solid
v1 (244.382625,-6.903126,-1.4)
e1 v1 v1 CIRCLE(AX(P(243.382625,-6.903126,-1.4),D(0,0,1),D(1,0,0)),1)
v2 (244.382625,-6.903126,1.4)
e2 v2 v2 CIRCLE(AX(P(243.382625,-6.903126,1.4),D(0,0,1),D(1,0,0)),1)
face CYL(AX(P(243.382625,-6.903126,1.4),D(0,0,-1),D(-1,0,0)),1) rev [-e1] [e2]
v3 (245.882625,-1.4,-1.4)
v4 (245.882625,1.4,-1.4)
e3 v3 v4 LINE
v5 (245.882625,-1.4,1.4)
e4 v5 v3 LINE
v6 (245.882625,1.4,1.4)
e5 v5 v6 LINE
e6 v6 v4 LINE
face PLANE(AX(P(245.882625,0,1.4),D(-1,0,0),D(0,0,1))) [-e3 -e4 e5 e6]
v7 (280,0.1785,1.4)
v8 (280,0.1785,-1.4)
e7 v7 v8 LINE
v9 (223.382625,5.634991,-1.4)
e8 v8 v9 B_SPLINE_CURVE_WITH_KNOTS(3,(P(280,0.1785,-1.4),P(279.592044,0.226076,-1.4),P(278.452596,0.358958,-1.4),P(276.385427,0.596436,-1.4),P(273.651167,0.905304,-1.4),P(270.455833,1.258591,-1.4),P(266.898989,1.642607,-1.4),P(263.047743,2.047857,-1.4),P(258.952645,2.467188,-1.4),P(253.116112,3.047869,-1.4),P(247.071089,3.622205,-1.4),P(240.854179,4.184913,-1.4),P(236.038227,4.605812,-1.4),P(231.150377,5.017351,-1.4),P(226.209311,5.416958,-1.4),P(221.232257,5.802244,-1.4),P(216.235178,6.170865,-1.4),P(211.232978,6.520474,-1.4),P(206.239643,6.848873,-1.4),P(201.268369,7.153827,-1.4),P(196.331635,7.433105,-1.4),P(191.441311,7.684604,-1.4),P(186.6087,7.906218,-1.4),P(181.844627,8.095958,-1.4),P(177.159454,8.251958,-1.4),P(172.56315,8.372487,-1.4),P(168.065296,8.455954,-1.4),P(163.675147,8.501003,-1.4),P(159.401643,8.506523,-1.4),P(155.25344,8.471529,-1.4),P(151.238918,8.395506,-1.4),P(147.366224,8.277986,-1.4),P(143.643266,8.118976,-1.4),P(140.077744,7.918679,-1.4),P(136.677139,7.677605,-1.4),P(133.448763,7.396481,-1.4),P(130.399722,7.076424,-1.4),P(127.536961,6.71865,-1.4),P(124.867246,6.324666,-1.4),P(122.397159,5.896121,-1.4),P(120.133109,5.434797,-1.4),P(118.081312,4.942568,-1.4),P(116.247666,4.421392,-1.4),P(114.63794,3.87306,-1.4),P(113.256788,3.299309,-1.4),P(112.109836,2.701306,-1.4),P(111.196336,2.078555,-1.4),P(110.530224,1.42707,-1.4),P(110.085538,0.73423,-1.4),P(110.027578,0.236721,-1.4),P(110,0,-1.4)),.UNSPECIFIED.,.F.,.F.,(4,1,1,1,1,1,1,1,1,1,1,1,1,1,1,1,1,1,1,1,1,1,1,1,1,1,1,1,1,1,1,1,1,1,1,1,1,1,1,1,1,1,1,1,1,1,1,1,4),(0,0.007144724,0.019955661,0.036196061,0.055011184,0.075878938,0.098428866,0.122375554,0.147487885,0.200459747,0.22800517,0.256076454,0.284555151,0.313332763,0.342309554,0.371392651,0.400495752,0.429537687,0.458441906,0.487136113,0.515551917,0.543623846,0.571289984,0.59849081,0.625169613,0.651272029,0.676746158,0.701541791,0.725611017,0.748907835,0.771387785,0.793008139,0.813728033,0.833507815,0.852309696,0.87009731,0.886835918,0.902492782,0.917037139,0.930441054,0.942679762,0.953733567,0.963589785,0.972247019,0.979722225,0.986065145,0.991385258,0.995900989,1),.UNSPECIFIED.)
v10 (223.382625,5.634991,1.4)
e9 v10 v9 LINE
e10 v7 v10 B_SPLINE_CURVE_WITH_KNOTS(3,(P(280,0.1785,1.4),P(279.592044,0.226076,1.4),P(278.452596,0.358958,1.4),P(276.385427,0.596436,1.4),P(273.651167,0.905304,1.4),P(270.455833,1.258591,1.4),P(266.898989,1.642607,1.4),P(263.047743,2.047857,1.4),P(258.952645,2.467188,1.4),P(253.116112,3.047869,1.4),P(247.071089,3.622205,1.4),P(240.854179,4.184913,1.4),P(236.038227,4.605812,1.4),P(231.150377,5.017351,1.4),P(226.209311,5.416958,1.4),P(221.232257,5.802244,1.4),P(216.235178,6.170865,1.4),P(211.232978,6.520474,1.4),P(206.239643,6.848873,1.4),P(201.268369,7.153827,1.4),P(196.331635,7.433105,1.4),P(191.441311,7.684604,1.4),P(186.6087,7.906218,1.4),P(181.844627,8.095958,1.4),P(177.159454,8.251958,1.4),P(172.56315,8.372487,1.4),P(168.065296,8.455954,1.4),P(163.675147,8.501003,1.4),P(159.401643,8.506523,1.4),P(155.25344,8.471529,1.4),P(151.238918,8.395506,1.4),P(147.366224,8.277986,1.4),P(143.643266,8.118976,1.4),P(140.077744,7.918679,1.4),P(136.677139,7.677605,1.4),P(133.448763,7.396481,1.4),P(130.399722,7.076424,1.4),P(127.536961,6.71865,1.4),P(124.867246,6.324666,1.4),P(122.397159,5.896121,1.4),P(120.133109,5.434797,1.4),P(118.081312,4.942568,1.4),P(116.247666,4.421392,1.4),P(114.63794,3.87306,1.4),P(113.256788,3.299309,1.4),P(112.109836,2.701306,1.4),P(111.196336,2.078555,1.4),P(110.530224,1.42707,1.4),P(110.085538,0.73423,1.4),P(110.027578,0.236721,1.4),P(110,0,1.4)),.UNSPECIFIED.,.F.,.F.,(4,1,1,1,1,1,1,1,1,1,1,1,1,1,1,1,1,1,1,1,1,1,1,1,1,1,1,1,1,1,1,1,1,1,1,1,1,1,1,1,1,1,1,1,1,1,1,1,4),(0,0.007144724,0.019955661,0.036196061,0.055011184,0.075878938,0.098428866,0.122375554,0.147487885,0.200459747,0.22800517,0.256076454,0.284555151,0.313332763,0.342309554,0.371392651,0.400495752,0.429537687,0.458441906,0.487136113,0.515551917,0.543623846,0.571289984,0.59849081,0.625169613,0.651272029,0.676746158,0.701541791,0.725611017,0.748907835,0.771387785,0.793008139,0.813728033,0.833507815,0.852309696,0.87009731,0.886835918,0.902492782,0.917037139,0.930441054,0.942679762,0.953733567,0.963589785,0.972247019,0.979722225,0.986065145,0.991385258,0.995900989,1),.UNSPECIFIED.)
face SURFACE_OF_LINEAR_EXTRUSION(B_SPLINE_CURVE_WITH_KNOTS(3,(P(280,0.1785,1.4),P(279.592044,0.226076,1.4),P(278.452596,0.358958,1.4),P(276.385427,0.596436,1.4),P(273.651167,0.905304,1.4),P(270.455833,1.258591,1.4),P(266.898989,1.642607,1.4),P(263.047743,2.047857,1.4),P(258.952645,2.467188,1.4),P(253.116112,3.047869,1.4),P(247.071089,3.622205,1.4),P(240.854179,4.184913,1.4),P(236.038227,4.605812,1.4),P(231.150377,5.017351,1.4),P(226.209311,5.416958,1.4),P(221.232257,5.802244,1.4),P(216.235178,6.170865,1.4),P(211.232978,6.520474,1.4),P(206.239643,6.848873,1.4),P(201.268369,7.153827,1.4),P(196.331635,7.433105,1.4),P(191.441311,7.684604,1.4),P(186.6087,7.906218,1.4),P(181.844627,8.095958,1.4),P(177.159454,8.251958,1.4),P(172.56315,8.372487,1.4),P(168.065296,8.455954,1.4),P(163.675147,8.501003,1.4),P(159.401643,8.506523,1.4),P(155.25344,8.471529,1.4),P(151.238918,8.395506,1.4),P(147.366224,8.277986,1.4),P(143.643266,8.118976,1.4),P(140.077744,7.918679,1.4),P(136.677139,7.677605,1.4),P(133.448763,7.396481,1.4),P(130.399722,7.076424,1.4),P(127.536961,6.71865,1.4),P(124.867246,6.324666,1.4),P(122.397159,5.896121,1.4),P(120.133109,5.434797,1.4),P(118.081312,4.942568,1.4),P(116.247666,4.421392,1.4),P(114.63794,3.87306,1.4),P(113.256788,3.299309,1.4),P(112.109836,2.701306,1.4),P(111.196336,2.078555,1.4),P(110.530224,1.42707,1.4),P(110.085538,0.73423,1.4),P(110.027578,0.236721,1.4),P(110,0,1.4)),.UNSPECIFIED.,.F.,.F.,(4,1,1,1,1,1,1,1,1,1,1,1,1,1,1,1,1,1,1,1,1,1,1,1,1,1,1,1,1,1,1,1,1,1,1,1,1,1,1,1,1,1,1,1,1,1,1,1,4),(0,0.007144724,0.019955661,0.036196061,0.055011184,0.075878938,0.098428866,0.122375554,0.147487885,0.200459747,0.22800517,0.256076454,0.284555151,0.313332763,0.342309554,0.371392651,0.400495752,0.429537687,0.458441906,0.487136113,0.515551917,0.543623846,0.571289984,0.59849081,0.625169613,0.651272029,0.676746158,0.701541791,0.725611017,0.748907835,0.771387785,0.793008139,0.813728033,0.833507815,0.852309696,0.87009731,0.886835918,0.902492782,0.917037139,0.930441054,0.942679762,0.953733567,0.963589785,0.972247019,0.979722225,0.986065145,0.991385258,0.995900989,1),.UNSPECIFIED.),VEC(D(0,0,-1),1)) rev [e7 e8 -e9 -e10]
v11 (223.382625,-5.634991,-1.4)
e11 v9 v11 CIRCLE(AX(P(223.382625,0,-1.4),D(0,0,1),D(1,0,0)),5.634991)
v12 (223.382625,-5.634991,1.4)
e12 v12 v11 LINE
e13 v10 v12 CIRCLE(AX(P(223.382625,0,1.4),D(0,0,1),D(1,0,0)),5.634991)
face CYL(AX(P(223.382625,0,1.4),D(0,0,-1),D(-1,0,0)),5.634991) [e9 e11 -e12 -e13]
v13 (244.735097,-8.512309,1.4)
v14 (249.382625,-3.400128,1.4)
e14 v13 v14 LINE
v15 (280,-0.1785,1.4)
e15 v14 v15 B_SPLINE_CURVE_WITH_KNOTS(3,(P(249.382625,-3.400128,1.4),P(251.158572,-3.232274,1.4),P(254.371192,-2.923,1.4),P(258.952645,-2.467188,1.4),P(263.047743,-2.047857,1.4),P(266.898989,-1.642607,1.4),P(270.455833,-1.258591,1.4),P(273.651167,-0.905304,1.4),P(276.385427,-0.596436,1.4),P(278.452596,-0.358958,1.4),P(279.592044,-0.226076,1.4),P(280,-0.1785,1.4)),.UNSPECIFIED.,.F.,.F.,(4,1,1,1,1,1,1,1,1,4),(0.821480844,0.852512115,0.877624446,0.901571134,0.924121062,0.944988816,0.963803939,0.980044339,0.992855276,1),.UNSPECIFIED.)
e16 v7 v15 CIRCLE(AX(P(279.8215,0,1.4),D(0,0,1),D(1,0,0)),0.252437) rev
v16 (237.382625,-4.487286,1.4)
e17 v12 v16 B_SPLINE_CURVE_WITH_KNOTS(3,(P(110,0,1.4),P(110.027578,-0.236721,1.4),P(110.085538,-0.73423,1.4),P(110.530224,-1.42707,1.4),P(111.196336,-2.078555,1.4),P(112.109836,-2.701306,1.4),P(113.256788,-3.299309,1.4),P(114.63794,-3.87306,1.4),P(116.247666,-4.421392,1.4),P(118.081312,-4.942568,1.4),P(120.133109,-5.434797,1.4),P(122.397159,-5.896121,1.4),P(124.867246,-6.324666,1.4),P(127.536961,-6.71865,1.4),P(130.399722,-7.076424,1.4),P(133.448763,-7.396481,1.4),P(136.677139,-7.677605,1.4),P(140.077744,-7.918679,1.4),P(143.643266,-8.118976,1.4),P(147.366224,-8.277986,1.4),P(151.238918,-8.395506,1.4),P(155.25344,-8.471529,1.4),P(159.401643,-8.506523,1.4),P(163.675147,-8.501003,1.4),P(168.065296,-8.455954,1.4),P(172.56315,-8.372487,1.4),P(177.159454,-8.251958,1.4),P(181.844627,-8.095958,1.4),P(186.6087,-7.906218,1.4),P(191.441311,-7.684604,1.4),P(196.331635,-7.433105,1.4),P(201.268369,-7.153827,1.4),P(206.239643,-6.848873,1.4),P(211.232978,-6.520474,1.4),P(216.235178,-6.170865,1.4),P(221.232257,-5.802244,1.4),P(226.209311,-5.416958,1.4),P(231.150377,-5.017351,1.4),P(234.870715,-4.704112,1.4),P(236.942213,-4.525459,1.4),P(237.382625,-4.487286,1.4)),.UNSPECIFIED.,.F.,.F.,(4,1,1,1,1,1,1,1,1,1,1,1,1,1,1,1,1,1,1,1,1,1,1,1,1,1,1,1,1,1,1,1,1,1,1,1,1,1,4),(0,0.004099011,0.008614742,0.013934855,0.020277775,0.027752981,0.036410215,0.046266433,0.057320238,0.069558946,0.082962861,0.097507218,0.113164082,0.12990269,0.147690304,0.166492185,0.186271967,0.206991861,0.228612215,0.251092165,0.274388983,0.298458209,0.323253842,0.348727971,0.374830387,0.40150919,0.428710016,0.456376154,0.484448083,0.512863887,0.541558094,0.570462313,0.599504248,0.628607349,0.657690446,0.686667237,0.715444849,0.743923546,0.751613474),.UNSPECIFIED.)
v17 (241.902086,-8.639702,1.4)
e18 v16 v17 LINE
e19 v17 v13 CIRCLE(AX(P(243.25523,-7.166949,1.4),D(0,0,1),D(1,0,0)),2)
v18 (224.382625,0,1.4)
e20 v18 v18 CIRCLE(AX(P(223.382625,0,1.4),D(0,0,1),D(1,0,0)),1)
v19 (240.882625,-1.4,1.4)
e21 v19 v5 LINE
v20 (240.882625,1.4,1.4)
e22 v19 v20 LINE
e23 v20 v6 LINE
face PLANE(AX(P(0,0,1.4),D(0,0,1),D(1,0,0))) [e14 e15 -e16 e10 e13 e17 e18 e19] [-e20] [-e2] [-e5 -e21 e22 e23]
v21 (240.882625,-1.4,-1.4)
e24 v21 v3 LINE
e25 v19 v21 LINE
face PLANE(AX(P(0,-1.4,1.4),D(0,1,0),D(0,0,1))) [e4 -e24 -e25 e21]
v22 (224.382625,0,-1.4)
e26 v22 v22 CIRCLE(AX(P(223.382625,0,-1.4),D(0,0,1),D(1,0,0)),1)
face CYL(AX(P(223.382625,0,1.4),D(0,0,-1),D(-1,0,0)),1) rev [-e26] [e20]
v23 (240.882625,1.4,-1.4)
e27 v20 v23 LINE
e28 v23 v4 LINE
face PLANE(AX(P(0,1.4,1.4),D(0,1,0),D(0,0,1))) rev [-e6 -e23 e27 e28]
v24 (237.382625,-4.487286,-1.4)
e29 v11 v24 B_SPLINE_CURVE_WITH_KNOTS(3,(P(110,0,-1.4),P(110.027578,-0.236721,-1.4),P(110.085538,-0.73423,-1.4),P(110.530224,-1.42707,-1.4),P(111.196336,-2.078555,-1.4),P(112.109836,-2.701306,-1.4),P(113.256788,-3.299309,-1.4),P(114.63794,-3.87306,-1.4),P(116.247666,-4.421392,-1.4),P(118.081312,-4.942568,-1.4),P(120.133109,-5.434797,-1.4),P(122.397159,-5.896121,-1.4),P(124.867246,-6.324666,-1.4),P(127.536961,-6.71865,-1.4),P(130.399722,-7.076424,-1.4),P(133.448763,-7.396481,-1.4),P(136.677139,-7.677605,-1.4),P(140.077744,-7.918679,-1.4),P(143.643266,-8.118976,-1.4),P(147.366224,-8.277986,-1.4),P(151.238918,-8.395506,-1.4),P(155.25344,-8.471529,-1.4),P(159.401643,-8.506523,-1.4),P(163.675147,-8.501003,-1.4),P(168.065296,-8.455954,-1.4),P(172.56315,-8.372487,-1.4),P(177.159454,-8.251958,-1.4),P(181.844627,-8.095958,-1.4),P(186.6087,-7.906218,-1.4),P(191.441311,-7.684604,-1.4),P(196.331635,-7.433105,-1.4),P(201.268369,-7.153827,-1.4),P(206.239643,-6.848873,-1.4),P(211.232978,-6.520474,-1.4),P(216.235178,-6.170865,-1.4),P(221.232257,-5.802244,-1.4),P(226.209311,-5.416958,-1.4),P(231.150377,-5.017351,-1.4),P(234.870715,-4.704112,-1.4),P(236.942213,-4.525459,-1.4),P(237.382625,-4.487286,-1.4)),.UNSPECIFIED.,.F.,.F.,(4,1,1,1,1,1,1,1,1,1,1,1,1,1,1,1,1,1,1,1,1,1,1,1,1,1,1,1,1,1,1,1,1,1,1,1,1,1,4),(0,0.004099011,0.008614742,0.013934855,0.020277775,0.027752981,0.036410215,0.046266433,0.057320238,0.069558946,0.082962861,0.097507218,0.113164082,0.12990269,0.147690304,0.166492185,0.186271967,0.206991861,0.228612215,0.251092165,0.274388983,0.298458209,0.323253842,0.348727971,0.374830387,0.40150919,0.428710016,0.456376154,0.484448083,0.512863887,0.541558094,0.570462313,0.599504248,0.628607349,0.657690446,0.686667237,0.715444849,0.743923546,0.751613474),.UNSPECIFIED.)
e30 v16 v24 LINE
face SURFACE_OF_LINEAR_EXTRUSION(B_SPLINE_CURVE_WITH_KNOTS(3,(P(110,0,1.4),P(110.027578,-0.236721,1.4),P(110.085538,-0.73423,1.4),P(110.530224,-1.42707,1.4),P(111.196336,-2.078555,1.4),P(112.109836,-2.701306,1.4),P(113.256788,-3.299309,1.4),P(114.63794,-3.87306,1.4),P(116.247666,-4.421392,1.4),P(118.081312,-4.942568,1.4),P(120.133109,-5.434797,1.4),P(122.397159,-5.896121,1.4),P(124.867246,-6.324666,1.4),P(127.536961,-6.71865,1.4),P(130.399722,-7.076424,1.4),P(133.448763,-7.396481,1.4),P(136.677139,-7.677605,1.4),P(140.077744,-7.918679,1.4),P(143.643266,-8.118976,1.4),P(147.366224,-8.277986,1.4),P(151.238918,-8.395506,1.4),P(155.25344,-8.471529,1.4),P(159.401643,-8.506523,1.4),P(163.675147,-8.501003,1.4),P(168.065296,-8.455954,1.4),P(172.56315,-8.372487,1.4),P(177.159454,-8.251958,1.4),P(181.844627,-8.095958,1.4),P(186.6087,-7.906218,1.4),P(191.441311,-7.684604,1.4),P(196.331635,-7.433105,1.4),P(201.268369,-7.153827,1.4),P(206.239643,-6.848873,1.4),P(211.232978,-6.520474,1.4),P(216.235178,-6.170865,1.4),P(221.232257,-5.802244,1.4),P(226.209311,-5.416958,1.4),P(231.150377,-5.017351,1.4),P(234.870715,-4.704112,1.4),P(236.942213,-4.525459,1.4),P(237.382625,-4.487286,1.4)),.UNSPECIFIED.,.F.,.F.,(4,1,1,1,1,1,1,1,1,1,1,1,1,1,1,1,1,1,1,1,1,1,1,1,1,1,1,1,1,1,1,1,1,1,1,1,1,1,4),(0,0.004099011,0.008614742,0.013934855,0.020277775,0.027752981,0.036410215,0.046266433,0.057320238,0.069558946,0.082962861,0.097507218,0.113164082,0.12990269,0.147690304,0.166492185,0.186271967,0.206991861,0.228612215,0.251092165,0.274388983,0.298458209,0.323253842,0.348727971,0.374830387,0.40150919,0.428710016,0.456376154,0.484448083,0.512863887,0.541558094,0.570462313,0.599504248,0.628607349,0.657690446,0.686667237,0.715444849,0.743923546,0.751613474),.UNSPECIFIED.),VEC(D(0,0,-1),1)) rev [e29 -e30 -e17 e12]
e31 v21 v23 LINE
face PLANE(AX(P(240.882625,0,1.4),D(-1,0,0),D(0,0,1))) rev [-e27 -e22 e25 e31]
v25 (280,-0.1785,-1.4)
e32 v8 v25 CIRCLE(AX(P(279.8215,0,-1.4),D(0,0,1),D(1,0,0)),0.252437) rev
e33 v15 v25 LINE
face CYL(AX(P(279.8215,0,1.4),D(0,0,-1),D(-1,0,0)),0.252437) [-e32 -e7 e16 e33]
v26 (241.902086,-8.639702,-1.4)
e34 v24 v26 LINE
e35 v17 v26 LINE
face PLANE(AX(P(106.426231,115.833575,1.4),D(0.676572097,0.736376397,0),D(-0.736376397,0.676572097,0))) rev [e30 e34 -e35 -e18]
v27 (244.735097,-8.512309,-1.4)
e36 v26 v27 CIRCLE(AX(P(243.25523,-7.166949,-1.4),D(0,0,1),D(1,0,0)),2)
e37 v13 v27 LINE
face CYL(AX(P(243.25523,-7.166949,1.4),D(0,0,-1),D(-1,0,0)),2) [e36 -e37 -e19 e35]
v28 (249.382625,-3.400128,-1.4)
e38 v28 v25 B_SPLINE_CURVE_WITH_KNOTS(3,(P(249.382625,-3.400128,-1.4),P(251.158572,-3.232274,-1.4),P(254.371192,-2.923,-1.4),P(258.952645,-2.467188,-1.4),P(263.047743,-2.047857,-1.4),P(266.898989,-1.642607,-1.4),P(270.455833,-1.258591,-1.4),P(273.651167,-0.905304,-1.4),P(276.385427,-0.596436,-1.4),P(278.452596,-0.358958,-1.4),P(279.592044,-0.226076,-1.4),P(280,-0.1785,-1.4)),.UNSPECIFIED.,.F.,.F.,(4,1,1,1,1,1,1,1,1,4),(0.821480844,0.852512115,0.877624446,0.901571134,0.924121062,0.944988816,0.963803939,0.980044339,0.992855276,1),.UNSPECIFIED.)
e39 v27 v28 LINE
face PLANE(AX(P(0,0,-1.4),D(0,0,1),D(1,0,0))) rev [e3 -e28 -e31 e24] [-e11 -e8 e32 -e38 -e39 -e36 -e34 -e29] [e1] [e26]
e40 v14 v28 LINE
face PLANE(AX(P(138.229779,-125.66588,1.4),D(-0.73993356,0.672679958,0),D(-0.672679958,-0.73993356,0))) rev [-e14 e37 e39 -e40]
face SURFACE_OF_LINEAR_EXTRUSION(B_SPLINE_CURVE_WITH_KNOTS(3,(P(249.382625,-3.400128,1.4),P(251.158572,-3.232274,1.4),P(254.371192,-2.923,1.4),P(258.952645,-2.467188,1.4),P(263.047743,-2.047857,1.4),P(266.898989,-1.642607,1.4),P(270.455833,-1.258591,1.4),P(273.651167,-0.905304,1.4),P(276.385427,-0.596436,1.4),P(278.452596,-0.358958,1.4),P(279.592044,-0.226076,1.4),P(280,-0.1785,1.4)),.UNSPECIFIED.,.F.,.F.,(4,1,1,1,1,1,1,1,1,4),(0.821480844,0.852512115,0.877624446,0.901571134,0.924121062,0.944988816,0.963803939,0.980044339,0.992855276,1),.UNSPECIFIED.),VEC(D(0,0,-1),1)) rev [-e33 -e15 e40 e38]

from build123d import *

# Parameters (mm, degrees)
SKETCH_1_R      = 1
SKETCH_1_W      = 5
SKETCH_1_H      = 2.8
EXTRUDE_1_DEPTH = 1.4


with BuildPart() as part:
    # Эскиз1 → Бобышка-Вытянуть1 (new, symmetric)
    with BuildSketch(Plane.XY):
        with BuildLine():
            ThreePointArc((223.382624747, 5.634990628), (219.398084745, 3.984540168), (217.747634119, 2.35e-07))
            ThreePointArc((217.747634119, 2.35e-07), (219.398084579, -3.984540002), (223.382624747, -5.634990628))
            add(Edge.make_bspline(
                [(223.382624746, -5.634990613), (224.328656864, -5.56201019), (226.923894547, -5.35916654), (231.150377303, -5.017351086), (234.870714804, -4.704112055), (236.94221324, -4.525459463), (237.382624747, -4.487285848)],
                knots=[0.670161589, 0.670161589, 0.670161589, 0.670161589, 0.686667237, 0.715444849, 0.743923546, 0.751613474, 0.751613474, 0.751613474, 0.751613474], degree=3))
            Line((237.382624747, -4.487285848), (241.902085906, -8.639702096))
            ThreePointArc((241.902085906, -8.639702096), (243.345073916, -9.164930306), (244.73509722, -8.51230922))
            Line((244.73509722, -8.51230922), (249.382624747, -3.400128388))
            add(Edge.make_bspline(
                [(249.382624747, -3.400128388), (251.158571989, -3.232274224), (254.371192488, -2.923000161), (258.952644662, -2.467188138), (263.047743378, -2.047856604), (266.898988862, -1.642607304), (270.455833183, -1.258590905), (273.651166984, -0.905304265), (276.385426802, -0.596436482), (278.45259621, -0.358958361), (279.592043704, -0.226075898), (280, -0.1785)],
                knots=[0.821480844, 0.821480844, 0.821480844, 0.821480844, 0.852512115, 0.877624446, 0.901571134, 0.924121062, 0.944988816, 0.963803939, 0.980044339, 0.992855276, 1, 1, 1, 1], degree=3))
            ThreePointArc((280, -0.1785), (280.073937121, 0), (280, 0.1785))
            add(Edge.make_bspline(
                [(280, 0.1785), (279.592043704, 0.226075898), (278.45259621, 0.358958361), (276.385426802, 0.596436482), (273.651166984, 0.905304265), (270.455833183, 1.258590905), (266.898988862, 1.642607304), (263.047743378, 2.047856604), (258.952644662, 2.467188138), (253.116111921, 3.047869044), (247.071089236, 3.62220531), (240.854179313, 4.184912649), (236.038226964, 4.605811749), (231.150377303, 5.017351103), (226.923894547, 5.359166556), (224.328656864, 5.562010205), (223.382624747, 5.634990628)],
                knots=[0, 0, 0, 0, 0.007144724, 0.019955661, 0.036196061, 0.055011184, 0.075878938, 0.098428866, 0.122375554, 0.147487885, 0.200459747, 0.22800517, 0.256076454, 0.284555151, 0.313332763, 0.329838411, 0.329838411, 0.329838411, 0.329838411], degree=3))
        make_face()
        with Locations((243.382624747, -6.903125596)):
            Circle(SKETCH_1_R, mode=Mode.SUBTRACT)
        with Locations((223.382624747, 0)):
            Circle(SKETCH_1_R, mode=Mode.SUBTRACT)
        with Locations((243.382624747, 0)):
            Rectangle(SKETCH_1_W, SKETCH_1_H, mode=Mode.SUBTRACT)
    extrude(amount=EXTRUDE_1_DEPTH, both=True)


solid = part.part
